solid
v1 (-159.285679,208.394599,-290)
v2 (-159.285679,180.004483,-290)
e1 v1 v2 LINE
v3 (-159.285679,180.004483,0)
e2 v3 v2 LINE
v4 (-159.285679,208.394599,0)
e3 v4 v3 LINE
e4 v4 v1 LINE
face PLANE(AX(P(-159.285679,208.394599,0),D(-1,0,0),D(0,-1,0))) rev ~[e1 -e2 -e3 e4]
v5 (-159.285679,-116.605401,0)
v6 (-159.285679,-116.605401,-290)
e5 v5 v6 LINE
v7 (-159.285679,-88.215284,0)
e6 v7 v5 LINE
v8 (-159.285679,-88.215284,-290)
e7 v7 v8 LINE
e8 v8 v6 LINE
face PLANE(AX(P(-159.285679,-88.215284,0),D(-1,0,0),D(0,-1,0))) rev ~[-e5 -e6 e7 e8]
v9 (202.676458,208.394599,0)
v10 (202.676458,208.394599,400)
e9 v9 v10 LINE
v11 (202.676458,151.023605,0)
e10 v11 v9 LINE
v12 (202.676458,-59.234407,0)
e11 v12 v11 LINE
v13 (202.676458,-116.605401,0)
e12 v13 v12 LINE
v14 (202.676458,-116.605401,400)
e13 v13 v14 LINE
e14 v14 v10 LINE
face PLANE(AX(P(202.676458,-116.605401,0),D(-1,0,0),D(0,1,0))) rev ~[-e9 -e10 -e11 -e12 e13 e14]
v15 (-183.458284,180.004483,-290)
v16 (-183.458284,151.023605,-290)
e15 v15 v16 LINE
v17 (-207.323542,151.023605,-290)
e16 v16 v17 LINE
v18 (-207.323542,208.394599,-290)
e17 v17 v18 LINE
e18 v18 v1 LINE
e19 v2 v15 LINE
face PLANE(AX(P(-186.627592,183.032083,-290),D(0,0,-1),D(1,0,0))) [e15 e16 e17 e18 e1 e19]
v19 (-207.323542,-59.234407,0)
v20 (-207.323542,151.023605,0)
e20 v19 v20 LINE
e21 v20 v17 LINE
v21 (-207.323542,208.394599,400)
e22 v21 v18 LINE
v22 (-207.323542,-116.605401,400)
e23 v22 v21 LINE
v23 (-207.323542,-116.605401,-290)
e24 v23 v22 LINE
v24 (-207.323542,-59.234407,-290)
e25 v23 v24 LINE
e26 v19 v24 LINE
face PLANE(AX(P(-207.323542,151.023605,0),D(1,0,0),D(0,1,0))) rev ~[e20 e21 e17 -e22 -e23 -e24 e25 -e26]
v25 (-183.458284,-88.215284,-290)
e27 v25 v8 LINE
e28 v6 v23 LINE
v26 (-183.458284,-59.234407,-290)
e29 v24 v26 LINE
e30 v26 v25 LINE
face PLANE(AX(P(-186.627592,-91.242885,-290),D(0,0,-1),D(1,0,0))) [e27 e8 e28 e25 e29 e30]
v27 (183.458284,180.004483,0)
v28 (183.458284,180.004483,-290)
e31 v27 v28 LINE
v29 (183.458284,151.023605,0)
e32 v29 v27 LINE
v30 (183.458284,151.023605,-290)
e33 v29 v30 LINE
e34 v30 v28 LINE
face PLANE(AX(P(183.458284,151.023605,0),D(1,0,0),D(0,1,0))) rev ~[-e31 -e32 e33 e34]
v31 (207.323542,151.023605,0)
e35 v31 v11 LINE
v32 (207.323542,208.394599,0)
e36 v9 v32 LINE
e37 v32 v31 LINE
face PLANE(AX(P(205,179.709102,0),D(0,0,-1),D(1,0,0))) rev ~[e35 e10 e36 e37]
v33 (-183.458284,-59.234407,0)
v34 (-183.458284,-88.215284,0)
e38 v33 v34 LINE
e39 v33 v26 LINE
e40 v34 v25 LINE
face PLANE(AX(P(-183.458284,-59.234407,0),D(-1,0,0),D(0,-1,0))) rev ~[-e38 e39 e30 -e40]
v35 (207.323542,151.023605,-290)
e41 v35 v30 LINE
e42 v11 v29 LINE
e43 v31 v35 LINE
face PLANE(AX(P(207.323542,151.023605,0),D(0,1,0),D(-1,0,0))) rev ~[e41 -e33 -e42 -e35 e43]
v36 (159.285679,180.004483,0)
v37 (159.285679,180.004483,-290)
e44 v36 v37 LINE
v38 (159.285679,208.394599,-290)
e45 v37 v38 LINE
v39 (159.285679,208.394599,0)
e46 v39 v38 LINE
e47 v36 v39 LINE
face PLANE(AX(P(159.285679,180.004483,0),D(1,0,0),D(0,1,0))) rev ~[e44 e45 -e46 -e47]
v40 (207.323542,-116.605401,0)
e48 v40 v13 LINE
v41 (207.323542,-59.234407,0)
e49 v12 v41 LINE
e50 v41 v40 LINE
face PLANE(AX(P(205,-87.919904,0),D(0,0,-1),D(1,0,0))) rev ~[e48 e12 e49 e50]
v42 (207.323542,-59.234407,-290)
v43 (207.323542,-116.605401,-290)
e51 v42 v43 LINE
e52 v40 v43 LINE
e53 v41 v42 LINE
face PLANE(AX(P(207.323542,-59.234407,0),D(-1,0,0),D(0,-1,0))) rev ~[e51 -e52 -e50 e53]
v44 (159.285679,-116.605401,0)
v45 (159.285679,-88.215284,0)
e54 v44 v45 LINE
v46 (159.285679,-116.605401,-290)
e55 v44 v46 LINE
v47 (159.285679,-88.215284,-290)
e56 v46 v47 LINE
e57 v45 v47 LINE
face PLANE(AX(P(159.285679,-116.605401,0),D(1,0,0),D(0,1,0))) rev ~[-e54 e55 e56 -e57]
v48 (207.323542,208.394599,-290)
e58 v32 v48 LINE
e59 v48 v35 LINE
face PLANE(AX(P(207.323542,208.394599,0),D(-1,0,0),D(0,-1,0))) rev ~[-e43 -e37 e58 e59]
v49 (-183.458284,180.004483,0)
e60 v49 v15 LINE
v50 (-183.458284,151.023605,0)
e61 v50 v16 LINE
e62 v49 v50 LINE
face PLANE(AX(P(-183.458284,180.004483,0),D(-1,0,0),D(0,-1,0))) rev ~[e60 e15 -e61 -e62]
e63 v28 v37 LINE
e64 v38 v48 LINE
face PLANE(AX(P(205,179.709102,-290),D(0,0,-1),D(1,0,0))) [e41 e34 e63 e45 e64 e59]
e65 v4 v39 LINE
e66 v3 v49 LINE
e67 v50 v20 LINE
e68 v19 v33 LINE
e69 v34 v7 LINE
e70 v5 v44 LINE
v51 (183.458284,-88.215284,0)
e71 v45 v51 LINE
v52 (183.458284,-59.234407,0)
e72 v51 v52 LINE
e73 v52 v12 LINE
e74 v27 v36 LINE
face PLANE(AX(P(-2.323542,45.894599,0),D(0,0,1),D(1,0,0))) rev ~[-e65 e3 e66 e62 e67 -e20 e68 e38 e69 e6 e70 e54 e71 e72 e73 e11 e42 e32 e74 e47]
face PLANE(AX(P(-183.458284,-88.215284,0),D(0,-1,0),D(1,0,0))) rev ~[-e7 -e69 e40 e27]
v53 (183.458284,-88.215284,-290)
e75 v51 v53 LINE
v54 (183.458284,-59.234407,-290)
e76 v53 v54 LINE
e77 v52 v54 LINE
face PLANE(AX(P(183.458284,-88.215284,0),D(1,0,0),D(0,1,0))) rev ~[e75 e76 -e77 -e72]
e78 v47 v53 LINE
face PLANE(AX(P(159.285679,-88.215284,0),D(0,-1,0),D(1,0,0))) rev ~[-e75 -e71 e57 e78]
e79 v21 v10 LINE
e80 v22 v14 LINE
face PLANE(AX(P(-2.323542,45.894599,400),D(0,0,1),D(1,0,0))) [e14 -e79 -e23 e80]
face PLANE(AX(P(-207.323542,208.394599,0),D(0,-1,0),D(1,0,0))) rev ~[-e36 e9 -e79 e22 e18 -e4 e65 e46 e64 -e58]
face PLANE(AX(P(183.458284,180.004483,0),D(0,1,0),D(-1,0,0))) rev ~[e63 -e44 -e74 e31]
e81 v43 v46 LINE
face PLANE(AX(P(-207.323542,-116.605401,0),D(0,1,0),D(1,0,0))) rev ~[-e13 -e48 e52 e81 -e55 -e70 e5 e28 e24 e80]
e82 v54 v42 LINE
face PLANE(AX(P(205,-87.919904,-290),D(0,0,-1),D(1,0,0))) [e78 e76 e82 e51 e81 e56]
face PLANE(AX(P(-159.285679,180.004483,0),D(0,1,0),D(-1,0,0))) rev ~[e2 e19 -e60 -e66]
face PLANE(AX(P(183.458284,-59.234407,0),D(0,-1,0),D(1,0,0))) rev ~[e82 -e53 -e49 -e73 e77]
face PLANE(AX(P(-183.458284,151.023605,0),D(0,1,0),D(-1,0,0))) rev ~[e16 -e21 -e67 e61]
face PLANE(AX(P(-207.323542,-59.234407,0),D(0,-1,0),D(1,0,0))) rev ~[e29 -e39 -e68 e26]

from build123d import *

# Parameters (mm, degrees)
F0_W     = 410
F0_H     = 325
F1_DEPTH = 400
F2_W     = 4.647084
F2_H     = 57.370994
F3_DEPTH = 290


with BuildPart() as f1:
    # F0 (on Top) → F1 (new body)
    with BuildSketch(Plane.XY):
        with Locations((-2.323542, 45.894599)):
            Rectangle(F0_W, F0_H)
    extrude(amount=F1_DEPTH)

    # F2 (on face) → F3 (join)
    with BuildSketch(Plane(origin=(0, 0, 0), x_dir=(1, 0, 0), z_dir=(0, 0, -1))):
        Polygon((-183.458284, -151.023605), (-207.323542, -151.023605), (-207.323542, -208.394599), (-159.285679, -208.394599), (-159.285679, -180.004483), (-183.458284, -180.004483), align=None)
        with Locations((205, 87.919904)):
            Rectangle(F2_W, F2_H)
        with Locations((205, -179.709102)):
            Rectangle(F2_W, F2_H)
        Polygon((202.676458, 116.605401), (159.285679, 116.605401), (159.285679, 88.215284), (183.458284, 88.215284), (183.458284, 59.234407), (202.676458, 59.234407), align=None)
        Polygon((159.285679, -180.004483), (159.285679, -208.394599), (202.676458, -208.394599), (202.676458, -151.023605), (183.458284, -151.023605), (183.458284, -180.004483), align=None)
        Polygon((-159.285679, 116.605401), (-207.323542, 116.605401), (-207.323542, 59.234407), (-183.458284, 59.234407), (-183.458284, 88.215284), (-159.285679, 88.215284), align=None)
    extrude(amount=F3_DEPTH)


solid = f1.part
